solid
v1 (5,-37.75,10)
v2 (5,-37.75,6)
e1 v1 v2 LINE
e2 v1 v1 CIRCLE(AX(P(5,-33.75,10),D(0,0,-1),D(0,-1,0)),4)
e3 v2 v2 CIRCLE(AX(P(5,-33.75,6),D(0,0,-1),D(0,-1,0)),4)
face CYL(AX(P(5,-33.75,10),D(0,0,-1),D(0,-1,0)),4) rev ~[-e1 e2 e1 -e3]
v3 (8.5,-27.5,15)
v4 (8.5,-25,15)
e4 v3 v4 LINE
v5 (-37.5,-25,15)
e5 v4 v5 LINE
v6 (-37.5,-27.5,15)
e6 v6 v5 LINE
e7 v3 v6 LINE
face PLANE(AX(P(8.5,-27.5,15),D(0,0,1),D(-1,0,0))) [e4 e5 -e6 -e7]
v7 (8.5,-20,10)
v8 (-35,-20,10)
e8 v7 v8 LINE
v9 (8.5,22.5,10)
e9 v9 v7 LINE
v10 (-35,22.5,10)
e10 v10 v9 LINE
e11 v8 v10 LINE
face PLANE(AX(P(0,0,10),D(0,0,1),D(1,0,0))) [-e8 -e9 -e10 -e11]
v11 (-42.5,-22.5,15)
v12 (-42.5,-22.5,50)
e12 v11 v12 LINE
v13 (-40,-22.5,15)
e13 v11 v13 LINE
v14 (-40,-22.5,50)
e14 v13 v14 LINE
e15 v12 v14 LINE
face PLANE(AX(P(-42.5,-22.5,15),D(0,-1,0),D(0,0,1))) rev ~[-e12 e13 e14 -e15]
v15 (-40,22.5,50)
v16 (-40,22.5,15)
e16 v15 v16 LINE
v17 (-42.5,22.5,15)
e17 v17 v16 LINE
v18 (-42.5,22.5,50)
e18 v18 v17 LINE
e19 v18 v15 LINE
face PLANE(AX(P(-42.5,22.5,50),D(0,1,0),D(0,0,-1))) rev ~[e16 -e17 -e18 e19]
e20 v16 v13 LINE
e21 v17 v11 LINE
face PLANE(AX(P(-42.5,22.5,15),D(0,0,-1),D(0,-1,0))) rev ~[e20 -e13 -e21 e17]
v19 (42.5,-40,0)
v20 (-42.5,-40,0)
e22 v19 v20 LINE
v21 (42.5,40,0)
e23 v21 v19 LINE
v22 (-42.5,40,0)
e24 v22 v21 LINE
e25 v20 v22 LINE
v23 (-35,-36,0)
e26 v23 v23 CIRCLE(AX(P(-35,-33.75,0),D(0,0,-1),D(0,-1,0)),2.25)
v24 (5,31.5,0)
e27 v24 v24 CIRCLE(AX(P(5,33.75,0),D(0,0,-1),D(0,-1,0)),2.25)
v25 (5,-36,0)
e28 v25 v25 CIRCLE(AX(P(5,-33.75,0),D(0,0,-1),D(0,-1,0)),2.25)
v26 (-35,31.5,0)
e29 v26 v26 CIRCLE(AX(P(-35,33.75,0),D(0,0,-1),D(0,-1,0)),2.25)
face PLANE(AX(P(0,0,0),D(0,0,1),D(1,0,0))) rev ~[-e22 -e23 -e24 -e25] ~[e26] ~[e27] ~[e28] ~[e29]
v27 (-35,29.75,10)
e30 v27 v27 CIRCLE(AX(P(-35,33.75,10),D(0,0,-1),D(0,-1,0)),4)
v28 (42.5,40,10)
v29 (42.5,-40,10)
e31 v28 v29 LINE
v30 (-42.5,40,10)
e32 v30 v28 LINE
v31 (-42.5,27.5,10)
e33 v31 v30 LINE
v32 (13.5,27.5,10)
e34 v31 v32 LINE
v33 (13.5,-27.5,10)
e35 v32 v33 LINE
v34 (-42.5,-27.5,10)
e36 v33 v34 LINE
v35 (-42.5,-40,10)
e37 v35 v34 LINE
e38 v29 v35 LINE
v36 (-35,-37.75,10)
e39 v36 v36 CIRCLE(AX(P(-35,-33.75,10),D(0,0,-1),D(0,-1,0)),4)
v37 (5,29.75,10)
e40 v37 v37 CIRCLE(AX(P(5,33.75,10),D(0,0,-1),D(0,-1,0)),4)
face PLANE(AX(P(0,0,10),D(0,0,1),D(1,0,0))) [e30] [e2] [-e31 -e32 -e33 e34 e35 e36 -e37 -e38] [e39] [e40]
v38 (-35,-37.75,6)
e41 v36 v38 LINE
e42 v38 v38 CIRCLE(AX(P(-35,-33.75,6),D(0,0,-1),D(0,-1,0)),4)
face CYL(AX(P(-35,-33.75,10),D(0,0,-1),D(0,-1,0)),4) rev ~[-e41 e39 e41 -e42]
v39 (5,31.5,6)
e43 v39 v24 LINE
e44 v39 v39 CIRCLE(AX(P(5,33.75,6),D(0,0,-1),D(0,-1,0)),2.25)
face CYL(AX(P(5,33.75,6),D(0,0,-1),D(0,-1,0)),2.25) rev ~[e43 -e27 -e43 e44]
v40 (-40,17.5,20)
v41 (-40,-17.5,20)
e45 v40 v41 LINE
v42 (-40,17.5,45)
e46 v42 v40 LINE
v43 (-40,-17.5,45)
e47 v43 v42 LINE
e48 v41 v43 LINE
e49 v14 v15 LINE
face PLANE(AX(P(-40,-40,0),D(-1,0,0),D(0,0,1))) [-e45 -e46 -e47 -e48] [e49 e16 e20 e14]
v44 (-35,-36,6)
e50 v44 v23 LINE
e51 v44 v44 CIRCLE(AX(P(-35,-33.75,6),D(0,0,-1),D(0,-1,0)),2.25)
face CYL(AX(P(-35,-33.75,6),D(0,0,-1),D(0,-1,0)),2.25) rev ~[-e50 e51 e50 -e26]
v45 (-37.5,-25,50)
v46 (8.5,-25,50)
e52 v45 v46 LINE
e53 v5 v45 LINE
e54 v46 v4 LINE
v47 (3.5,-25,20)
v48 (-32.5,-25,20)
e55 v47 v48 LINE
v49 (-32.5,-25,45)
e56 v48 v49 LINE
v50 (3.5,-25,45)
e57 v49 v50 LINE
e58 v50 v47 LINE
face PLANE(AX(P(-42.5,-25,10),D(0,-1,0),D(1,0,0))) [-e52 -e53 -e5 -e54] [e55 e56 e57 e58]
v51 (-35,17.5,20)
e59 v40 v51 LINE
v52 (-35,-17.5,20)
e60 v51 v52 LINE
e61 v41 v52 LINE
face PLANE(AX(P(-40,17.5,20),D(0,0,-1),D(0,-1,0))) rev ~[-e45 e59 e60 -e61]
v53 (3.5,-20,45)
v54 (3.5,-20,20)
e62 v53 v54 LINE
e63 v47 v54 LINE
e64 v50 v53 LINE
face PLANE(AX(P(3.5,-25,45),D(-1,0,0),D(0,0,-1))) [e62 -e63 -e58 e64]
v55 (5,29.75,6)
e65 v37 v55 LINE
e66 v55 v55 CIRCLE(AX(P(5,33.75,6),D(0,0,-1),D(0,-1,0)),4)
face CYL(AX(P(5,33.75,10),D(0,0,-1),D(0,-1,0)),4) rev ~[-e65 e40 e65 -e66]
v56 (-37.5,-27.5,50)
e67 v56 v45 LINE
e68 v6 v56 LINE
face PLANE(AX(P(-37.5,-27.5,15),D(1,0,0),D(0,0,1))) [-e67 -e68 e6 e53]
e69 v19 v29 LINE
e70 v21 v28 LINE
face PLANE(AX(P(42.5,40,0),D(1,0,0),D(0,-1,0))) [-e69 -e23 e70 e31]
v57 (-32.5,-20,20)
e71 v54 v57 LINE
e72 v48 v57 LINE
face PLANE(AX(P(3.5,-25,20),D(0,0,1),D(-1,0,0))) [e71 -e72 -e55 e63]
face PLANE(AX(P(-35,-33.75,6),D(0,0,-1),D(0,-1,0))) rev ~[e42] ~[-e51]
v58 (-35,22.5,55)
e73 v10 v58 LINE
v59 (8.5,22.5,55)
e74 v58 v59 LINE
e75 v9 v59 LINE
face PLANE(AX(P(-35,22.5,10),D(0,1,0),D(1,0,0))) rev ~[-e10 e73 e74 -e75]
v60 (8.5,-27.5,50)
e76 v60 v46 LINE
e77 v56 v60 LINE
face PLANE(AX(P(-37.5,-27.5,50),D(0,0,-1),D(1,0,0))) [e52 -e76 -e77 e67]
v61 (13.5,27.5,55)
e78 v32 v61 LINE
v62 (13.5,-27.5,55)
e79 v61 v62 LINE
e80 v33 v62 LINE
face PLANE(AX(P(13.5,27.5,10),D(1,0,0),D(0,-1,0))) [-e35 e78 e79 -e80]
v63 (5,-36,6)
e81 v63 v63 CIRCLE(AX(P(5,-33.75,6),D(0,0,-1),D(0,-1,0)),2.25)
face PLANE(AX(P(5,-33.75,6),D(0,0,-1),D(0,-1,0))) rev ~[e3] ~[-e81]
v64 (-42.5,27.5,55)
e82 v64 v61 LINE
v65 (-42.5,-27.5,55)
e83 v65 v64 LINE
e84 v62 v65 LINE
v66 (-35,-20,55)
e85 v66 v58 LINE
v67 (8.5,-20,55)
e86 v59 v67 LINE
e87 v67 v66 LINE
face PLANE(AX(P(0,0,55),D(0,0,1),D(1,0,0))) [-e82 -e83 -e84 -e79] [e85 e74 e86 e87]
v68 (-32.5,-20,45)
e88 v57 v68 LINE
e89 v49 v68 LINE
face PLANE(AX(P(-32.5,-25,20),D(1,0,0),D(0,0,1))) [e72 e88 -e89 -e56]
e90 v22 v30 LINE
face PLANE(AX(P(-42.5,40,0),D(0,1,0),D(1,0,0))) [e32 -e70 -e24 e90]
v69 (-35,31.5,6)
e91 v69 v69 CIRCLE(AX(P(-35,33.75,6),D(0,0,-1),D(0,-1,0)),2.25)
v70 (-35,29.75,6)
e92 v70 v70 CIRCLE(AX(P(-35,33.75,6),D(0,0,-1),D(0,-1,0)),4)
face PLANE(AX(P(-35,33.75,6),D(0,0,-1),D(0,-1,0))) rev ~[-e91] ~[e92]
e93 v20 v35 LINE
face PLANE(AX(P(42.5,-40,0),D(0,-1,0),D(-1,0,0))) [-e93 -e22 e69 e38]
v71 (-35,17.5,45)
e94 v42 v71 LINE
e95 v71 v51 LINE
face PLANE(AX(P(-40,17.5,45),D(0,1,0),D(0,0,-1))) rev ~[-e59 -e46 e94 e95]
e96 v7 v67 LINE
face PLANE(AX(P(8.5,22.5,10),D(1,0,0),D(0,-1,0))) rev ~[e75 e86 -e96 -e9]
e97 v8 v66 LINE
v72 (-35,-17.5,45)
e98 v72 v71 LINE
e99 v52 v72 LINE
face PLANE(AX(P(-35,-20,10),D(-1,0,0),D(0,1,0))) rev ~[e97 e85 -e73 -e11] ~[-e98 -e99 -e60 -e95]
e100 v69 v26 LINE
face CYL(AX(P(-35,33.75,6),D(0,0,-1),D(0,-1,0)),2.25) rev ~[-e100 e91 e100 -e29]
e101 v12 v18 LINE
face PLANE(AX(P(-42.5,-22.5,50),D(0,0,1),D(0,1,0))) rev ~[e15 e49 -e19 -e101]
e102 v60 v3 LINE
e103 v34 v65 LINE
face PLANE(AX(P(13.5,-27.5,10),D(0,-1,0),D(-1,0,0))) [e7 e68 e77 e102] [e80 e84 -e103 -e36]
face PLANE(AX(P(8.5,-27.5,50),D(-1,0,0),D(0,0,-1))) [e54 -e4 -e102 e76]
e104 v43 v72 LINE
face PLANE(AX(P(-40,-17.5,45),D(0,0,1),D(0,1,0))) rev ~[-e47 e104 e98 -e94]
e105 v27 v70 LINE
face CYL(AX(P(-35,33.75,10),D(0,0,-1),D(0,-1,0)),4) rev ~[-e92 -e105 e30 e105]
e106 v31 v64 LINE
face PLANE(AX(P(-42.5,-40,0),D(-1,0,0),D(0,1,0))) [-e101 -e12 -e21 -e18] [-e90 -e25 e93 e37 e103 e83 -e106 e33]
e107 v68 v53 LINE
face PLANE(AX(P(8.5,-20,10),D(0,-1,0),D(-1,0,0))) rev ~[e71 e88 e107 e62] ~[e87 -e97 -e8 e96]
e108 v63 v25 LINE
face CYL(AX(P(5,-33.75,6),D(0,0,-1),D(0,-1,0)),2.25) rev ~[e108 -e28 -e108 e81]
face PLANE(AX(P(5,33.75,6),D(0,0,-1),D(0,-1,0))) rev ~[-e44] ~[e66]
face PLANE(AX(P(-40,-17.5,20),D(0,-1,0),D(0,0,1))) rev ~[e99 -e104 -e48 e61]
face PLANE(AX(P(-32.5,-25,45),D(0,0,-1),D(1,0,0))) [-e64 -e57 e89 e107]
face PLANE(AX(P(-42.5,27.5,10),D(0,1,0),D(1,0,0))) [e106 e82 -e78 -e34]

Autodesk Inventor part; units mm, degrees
ref_plane "YZ Plane" through (0, 0, 0) normal (1, 0, 0) x (0, 1, 0)
ref_plane "XZ Plane" through (0, 0, 0) normal (0, 1, 0) x (-1, 0, 0)
ref_plane "XY Plane" through (0, 0, 0) normal (0, 0, 1) x (1, 0, 0)
sketch "Sketch1" plane through (0, 0, 0) normal (0, 0, 1) x (1, 0, 0)
  line L0 (-42.5, 40) -> (42.5, 40)
  line L1 (42.5, 40) -> (42.5, -40)
  line L2 (42.5, -40) -> (-42.5, -40)
  line L3 (-42.5, -40) -> (-42.5, 40)
  point P0 (0, 0)
  dimension "d0" = 85
  dimension "d1" = 42.5
  dimension "d2" = 80
  dimension "d3" = 40
extrude "Extrusion1" add sketch "Sketch1" along normal blind 10
sketch "Sketch2" plane through (0, 0, 10) normal (0, 0, 1) x (1, 0, 0)
  line L0 (-42.5, 40) -> (-42.5, -40) projected
  point P0 (0, 0)
  point P1 (-35, -33.75)
  point P2 (5, -33.75)
  point P3 (-35, 33.75)
  point P4 (5, 33.75)
  dimension "d6" = 40
  dimension "d7" = 67.5
  dimension "d8" = 33.75
  dimension "d9" = 7.5
hole "Hole1" at (-35, -33.75, 10) at (5, -33.75, 10) at (-35, 33.75, 10) at (5, 33.75, 10) direction (0, 0, -1) diameter 4.5 end through all counterbore diameter 8 counterbore depth 4 clearance for "Hex Head Cap Screw ISO 24017" size "M4" standard "ISO"
sketch "Sketch3" plane through (0, 0, 10) normal (0, 0, 1) x (1, 0, 0)
  line L0 (-42.5, 27.5) -> (13.5, 27.5)
  line L1 (13.5, 27.5) -> (13.5, -27.5)
  line L2 (13.5, -27.5) -> (-42.5, -27.5)
  line L3 (-42.5, -27.5) -> (-42.5, 27.5)
  line L4 (-42.5, 40) -> (-42.5, -40) projected
  line L5 (-35, 22.5) -> (8.5, 22.5)
  line L6 (8.5, 22.5) -> (8.5, -20)
  line L7 (8.5, -20) -> (-35, -20)
  line L8 (-35, -20) -> (-35, 22.5)
  point P0 (0, 0)
  dimension "d17" = 56
  dimension "d18" = 55
  dimension "d19" = 27.5
  dimension "d20" = 5
  dimension "d21" = 5
  dimension "d22" = 7.5
  dimension "d23" = 7.5
extrude "Extrusion2" add sketch "Sketch3" along normal blind 45
sketch "Sketch4" plane through (-42.5, -27.5, 10) normal (0, -1, 0) x (1, 0, 0)
  line L0 (5, 40) -> (51, 40)
  line L1 (51, 40) -> (51, 5)
  line L2 (51, 5) -> (5, 5)
  line L3 (5, 5) -> (5, 40)
  line L4 (0, 0) -> (0, 45) projected
  line L5 (56, 0) -> (56, 45) projected
  line L6 (51, 45) -> (7.5, 45) projected
  line L7 (0, 0) -> (85, 0) projected
  point P0 (42.5, -10)
  dimension "d27" = 5
  dimension "d28" = 5
  dimension "d29" = 5
  dimension "d30" = 5
extrude "Extrusion3" cut sketch "Sketch4" against normal blind 2.5
sketch "Sketch5" plane through (-42.5, -25, 10) normal (0, -1, 0) x (1, 0, 0)
  line L0 (10, 35) -> (46, 35)
  line L1 (46, 35) -> (46, 10)
  line L2 (46, 10) -> (10, 10)
  line L3 (10, 10) -> (10, 35)
  line L4 (5, 40) -> (51, 40) projected
  line L5 (5, 5) -> (5, 40) projected
  line L6 (51, 5) -> (5, 5) projected
  line L7 (51, 40) -> (51, 5) projected
  point P0 (42.5, -10)
  dimension "d33" = 5
  dimension "d34" = 5
  dimension "d35" = 5
  dimension "d36" = 5
extrude "Extrusion4" cut sketch "Sketch5" against normal up to surface (5 mm away) contours L0 L1 L2 L3
sketch "Sketch6" plane through (-42.5, -40, 0) normal (-1, 0, 0) x (0, 0, 1)
  line L0 (50, 62.5) -> (15, 62.5)
  line L1 (15, 62.5) -> (15, 17.5)
  line L2 (15, 17.5) -> (50, 17.5)
  line L3 (50, 17.5) -> (50, 62.5)
  line L4 (55, 67.5) -> (55, 12.5) projected
  line L5 (10, 67.5) -> (55, 67.5) projected
  line L6 (10, 80) -> (10, 67.5) projected
  line L7 (10, 12.5) -> (55, 12.5) projected
  point P0 (0, 40)
  dimension "d39" = 5
  dimension "d40" = 5
  dimension "d41" = 5
  dimension "d42" = 5
extrude "Extrusion5" cut sketch "Sketch6" against normal blind 2.5
sketch "Sketch7" plane through (-40, -40, 0) normal (-1, 0, 0) x (0, 0, 1)
  line L0 (45, 57.5) -> (20, 57.5)
  line L1 (20, 57.5) -> (20, 22.5)
  line L2 (20, 22.5) -> (45, 22.5)
  line L3 (45, 22.5) -> (45, 57.5)
  line L4 (50, 62.5) -> (50, 17.5) projected
  line L5 (50, 17.5) -> (15, 17.5) projected
  line L6 (15, 17.5) -> (15, 62.5) projected
  line L7 (15, 62.5) -> (50, 62.5) projected
  point P0 (0, 40)
  dimension "d45" = 5
  dimension "d46" = 5
  dimension "d47" = 5
  dimension "d48" = 5
extrude "Extrusion6" cut sketch "Sketch7" against normal up to surface (5 mm away) contours L3 L2 L1 L0
equation "\"d1\" = 0.5 * d0"
equation "\"d3\" = 0.5 * d2"
equation "\"d8\" = 0.5 * d7"
equation "\"d19\" = 0.5 * d18"
equation "\"d21\" = d20"
properties part number "sampleChamber_singlePiece"
